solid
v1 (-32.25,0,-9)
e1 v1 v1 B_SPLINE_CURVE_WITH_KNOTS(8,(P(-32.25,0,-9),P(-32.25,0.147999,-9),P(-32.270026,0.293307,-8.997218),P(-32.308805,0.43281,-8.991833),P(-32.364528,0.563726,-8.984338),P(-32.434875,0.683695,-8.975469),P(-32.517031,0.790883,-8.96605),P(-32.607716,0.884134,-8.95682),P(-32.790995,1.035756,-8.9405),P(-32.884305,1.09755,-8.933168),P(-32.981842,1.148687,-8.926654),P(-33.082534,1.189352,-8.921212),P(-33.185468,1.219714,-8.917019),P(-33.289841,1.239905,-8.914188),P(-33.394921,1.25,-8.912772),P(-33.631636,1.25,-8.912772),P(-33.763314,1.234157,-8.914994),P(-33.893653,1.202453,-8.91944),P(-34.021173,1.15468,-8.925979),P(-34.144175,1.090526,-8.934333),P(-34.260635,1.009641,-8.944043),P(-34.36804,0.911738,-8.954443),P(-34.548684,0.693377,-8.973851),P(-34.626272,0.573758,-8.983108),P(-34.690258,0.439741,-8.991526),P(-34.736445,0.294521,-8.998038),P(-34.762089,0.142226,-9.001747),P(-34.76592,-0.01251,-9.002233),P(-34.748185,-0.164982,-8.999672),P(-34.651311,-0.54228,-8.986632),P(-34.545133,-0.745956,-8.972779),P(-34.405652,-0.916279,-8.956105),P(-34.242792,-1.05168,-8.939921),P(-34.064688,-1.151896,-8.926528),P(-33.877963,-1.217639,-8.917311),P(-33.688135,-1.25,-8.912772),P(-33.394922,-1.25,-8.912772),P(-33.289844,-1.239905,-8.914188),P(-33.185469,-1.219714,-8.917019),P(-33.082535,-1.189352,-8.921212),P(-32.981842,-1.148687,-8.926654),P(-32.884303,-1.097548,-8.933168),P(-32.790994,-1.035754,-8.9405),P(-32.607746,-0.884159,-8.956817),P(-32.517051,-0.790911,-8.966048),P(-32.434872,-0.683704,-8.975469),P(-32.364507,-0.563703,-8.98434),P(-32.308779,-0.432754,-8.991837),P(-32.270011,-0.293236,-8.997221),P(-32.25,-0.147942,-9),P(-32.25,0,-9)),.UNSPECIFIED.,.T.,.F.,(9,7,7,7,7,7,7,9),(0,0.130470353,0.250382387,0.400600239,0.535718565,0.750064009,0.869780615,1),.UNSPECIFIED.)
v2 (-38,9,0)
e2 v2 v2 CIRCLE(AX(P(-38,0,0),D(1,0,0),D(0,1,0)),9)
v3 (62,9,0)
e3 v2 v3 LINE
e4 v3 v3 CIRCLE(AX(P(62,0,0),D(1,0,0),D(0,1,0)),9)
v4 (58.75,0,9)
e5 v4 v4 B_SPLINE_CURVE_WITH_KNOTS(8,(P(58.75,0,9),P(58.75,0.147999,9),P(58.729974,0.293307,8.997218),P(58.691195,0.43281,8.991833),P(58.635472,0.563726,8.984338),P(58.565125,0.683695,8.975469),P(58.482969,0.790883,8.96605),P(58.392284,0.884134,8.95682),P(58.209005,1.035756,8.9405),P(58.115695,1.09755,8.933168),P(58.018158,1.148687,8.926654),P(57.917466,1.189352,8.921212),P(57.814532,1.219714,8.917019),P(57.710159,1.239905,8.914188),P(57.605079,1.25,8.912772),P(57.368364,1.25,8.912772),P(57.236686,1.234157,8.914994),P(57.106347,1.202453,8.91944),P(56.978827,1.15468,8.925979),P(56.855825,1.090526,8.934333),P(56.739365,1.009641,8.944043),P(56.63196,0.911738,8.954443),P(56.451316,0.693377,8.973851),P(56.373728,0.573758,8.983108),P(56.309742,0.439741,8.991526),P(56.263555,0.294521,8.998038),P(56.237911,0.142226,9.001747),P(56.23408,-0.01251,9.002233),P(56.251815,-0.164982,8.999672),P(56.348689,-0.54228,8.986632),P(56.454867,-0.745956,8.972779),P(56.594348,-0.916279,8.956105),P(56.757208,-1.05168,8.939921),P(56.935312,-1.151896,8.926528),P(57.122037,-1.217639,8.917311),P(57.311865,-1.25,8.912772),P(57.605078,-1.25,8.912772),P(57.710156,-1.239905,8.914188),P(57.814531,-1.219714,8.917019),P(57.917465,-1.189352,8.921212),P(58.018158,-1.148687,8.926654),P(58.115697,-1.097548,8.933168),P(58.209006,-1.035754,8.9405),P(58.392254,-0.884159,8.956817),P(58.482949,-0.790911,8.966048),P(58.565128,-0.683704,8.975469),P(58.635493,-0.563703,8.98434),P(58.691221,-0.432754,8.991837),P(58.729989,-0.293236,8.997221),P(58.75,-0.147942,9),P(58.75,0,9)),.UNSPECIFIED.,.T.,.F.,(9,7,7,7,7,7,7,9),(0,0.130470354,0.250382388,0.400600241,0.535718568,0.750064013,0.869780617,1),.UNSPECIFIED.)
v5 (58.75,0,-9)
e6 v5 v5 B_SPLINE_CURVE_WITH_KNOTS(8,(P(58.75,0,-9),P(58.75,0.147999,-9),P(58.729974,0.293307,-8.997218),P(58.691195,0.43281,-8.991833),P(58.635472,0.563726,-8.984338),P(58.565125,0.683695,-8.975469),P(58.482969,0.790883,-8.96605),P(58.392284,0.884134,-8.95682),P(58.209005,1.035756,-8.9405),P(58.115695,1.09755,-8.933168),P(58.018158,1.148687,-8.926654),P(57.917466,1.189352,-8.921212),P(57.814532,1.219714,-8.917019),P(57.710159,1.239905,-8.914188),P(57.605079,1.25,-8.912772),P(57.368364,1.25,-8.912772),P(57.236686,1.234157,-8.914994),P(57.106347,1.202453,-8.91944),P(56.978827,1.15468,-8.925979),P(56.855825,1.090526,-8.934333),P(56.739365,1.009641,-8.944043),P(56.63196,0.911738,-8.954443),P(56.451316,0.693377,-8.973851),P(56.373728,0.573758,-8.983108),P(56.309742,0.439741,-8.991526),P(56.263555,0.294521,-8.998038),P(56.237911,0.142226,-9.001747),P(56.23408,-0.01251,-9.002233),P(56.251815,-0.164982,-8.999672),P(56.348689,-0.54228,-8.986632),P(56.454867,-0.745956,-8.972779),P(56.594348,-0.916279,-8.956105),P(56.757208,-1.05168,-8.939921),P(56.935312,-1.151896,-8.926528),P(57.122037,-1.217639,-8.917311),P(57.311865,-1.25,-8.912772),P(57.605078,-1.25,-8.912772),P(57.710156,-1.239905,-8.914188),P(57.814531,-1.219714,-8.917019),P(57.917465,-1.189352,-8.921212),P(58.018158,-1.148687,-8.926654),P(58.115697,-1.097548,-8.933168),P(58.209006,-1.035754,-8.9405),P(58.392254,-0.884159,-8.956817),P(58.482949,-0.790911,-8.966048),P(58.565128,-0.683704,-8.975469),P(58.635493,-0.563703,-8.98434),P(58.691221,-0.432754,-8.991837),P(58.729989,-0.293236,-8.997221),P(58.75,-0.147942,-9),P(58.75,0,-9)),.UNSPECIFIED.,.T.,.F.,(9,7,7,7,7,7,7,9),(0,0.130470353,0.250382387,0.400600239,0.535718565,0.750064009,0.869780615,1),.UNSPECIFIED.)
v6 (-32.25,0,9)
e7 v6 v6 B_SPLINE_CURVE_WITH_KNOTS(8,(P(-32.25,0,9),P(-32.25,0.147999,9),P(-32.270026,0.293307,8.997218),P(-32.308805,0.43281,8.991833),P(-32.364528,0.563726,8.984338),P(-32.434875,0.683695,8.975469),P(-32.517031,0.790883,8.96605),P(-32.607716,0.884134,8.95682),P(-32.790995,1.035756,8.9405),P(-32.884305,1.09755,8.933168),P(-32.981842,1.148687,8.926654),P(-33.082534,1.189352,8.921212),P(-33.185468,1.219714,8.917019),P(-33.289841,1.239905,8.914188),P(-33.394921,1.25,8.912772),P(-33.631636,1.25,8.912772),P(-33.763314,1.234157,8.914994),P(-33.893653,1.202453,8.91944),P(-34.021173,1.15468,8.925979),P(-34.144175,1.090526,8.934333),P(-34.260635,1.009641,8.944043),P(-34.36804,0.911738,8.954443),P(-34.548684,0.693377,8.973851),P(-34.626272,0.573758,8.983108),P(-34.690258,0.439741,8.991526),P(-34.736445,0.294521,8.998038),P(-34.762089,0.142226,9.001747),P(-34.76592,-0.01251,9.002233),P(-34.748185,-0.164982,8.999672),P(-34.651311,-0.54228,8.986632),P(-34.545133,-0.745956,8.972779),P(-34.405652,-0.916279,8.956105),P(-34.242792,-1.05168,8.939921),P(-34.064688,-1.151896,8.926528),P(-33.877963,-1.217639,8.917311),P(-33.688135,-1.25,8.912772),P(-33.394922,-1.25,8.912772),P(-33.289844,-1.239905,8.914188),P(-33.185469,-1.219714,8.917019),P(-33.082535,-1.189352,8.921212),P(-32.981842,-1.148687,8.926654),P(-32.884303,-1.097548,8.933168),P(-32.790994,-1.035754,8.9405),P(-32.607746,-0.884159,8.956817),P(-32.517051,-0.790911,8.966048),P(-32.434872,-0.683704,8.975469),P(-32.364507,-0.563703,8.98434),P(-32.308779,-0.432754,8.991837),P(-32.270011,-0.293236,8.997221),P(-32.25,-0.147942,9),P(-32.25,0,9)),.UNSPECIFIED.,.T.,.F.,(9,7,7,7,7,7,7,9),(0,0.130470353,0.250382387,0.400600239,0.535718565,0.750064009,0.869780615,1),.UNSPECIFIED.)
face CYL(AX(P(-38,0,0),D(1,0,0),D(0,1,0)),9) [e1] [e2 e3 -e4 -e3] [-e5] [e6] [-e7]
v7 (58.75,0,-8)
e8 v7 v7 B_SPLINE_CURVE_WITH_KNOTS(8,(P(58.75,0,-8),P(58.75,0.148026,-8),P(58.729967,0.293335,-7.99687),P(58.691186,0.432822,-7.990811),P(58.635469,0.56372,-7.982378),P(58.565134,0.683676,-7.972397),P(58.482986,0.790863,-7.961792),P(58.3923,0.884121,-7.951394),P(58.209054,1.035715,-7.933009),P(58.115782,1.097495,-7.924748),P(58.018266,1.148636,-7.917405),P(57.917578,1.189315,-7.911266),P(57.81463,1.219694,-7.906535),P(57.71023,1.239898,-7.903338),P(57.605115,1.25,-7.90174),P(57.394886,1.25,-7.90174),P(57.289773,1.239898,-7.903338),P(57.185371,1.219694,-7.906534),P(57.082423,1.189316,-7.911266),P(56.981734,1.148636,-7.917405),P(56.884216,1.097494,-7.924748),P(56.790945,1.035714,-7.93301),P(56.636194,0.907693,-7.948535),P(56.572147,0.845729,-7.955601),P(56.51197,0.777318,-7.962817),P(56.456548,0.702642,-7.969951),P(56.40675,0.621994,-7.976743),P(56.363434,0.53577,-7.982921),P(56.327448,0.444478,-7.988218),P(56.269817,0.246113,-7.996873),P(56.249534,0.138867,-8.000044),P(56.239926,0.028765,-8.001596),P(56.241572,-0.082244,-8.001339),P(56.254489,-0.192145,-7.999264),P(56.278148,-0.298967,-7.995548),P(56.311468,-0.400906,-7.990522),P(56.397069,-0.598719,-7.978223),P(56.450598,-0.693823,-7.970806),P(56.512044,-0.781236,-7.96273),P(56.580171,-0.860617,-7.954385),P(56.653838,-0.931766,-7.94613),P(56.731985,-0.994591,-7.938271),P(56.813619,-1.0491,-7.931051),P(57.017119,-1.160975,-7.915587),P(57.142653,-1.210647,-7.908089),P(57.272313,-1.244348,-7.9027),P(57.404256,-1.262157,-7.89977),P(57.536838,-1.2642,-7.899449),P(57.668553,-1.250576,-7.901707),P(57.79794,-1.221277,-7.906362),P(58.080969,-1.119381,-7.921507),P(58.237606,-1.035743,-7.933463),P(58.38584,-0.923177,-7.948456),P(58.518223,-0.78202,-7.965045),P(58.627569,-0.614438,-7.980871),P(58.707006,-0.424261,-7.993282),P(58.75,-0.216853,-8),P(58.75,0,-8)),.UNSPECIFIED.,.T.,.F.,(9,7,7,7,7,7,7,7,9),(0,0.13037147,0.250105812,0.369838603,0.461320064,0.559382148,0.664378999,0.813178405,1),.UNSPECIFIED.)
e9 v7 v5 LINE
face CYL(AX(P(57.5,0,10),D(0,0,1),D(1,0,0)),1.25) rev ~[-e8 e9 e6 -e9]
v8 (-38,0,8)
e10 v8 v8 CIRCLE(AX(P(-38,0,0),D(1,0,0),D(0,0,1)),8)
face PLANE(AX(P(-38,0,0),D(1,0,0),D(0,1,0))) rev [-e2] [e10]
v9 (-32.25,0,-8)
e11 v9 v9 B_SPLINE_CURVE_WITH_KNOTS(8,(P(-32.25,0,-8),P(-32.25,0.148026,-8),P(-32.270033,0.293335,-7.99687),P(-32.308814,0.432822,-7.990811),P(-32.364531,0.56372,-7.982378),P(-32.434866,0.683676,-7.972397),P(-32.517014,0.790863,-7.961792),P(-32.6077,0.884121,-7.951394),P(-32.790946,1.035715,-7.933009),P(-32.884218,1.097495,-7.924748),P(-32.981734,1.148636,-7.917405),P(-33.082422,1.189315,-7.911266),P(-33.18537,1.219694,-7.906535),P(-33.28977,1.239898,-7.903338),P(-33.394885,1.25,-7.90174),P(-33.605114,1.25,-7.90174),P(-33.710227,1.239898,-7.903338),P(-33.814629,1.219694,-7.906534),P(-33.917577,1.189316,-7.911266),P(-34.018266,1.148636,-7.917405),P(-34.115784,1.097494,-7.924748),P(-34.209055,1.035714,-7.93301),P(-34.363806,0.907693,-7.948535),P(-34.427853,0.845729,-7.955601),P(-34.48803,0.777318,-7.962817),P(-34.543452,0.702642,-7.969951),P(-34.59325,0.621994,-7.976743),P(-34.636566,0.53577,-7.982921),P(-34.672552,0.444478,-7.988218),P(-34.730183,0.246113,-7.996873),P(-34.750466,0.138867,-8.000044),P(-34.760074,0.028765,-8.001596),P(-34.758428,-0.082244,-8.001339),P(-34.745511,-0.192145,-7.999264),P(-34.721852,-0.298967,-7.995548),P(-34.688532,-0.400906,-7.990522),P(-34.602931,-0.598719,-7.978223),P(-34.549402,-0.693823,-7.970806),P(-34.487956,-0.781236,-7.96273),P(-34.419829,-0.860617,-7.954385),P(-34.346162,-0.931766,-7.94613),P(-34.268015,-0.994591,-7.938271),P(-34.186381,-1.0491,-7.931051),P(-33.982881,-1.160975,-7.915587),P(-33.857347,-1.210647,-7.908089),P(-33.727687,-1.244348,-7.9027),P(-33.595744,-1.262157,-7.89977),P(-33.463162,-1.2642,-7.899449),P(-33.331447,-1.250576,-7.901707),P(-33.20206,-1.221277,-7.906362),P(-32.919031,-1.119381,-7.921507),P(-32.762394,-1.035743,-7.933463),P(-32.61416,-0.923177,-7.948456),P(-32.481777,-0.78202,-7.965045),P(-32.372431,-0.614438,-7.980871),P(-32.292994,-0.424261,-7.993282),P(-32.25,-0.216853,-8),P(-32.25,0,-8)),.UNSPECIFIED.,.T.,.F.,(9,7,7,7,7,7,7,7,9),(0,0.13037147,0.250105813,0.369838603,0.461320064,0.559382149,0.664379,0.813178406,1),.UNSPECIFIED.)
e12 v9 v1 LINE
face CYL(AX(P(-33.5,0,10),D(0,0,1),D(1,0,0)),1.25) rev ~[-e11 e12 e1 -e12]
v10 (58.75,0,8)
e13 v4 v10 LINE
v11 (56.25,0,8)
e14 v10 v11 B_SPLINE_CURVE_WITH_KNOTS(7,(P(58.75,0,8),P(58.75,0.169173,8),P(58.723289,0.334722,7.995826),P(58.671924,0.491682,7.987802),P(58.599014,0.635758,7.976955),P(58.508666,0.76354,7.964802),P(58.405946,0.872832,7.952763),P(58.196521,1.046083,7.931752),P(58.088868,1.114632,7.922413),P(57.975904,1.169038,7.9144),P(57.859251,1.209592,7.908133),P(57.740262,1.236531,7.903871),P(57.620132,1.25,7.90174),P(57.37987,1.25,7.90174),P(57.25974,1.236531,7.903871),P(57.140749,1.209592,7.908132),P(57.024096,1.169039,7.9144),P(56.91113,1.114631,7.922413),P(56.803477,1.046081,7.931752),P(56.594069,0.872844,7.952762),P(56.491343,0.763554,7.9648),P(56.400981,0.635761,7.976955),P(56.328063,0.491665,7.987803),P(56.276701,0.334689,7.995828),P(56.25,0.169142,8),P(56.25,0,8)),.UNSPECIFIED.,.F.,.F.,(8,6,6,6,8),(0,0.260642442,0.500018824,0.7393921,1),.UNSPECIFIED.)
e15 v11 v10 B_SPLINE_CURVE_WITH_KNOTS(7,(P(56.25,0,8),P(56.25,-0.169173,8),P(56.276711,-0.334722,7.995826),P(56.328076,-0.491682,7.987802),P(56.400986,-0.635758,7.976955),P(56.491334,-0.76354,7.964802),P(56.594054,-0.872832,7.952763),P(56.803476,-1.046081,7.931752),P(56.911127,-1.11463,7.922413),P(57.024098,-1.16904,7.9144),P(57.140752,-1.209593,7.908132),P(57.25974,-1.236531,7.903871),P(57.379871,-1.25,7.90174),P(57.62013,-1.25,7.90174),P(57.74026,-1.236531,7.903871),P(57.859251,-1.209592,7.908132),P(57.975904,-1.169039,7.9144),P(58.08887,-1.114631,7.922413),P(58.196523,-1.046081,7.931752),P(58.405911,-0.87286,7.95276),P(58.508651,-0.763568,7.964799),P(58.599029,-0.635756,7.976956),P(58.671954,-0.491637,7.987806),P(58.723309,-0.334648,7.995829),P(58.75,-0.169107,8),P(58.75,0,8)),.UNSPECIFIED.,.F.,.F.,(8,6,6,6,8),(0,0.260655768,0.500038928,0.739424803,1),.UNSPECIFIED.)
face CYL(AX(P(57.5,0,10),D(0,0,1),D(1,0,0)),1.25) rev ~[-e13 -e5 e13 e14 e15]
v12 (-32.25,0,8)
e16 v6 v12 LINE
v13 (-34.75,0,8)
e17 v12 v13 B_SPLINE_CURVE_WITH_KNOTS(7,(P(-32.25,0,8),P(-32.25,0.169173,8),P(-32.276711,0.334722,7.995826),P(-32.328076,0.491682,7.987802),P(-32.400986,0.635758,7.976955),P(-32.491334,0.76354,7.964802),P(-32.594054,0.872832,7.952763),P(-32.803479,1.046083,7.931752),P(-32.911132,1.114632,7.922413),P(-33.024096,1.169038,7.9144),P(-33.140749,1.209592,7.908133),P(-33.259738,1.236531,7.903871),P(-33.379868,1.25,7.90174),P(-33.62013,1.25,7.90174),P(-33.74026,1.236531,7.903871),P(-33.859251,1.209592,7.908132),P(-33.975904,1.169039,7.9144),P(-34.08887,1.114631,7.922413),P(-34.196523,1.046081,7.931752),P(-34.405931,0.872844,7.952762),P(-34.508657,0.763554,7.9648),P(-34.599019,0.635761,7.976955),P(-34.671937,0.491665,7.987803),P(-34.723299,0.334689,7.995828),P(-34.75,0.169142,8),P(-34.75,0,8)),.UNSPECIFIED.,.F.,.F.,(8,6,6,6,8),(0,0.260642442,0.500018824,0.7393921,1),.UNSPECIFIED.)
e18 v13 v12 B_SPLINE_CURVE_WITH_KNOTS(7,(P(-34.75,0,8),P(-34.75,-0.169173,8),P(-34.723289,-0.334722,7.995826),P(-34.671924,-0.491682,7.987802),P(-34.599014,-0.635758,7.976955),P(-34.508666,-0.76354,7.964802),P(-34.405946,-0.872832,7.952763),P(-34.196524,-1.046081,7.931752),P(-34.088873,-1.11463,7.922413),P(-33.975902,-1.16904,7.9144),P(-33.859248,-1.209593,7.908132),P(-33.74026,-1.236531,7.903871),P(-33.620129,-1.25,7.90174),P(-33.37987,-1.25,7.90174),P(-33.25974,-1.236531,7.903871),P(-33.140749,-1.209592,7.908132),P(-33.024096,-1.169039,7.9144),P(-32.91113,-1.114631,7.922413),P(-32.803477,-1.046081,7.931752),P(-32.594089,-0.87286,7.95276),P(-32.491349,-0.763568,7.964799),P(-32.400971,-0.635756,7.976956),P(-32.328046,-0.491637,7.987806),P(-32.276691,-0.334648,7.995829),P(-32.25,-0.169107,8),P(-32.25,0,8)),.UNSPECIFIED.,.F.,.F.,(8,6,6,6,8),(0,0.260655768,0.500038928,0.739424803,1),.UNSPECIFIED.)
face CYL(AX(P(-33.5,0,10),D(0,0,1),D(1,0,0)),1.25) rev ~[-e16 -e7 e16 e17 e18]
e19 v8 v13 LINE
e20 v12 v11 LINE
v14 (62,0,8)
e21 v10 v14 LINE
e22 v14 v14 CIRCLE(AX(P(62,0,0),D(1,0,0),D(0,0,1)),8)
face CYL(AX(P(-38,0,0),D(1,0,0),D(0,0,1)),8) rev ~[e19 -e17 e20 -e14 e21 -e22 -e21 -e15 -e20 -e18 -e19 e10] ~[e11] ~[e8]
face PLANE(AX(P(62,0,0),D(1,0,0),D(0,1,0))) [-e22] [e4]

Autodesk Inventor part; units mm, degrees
ref_plane "YZ Plane" through (0, 0, 0) normal (1, 0, 0) x (0, 1, 0)
ref_plane "XZ Plane" through (0, 0, 0) normal (0, 1, 0) x (-1, 0, 0)
sketch "ShaftProfile" plane through (0, 0, 0) normal (0, 0, 1) x (1, 0, 0)
  line L0 (-58, 0) -> (82, 0) construction
  line L1 (-38, 9) -> (62, 9)
  line L2 (62, 9) -> (62, 0)
  line L3 (-38, 0) -> (-38, 9)
  line L4 (-38, 0) -> (62, 0)
  point P0 (0, 0)
  dimension "d1" = 100
  dimension "d2" = 9
  dimension "d4" = 38
revolve "ShaftFeature" add sketch "ShaftProfile" angle 360 about axis through (-38, 0, 0) along (1, 0, 0)
sketch "Sketch2" plane through (-38, 0, 0) normal (-1, 0, 0) x (0, 0, 1)
  circle A0 centre (0, 0) radius 9 projected
hole "ShaftHoleFeature" at (-38, 0, 0) direction (1, 0, 0) diameter 16 end through all
ref_plane "MidSidePlane" through (0, 0, 10) normal (0, 0, 1) x (1, 0, 0)
sketch "CapHoles" plane through (0, 0, 10) normal (0, 0, 1) x (1, 0, 0)
  line L0 (62, -9) -> (62, 9) construction
  line L1 (-38, -9) -> (-38, 9) construction
  line L2 (-48, 0) -> (22, 0) construction
  circle A0 centre (-33.5, 0) radius 1.25
  circle A1 centre (57.5, 0) radius 1.25
  dimension "d24" = 2.5
  dimension "d25" = 4.5
  dimension "d26" = 4.5
extrude "CapHolesFeature" cut sketch "CapHoles" against normal through all
equation "\"d26\" = d25"
properties part number "BackPair1PistonShaft"
